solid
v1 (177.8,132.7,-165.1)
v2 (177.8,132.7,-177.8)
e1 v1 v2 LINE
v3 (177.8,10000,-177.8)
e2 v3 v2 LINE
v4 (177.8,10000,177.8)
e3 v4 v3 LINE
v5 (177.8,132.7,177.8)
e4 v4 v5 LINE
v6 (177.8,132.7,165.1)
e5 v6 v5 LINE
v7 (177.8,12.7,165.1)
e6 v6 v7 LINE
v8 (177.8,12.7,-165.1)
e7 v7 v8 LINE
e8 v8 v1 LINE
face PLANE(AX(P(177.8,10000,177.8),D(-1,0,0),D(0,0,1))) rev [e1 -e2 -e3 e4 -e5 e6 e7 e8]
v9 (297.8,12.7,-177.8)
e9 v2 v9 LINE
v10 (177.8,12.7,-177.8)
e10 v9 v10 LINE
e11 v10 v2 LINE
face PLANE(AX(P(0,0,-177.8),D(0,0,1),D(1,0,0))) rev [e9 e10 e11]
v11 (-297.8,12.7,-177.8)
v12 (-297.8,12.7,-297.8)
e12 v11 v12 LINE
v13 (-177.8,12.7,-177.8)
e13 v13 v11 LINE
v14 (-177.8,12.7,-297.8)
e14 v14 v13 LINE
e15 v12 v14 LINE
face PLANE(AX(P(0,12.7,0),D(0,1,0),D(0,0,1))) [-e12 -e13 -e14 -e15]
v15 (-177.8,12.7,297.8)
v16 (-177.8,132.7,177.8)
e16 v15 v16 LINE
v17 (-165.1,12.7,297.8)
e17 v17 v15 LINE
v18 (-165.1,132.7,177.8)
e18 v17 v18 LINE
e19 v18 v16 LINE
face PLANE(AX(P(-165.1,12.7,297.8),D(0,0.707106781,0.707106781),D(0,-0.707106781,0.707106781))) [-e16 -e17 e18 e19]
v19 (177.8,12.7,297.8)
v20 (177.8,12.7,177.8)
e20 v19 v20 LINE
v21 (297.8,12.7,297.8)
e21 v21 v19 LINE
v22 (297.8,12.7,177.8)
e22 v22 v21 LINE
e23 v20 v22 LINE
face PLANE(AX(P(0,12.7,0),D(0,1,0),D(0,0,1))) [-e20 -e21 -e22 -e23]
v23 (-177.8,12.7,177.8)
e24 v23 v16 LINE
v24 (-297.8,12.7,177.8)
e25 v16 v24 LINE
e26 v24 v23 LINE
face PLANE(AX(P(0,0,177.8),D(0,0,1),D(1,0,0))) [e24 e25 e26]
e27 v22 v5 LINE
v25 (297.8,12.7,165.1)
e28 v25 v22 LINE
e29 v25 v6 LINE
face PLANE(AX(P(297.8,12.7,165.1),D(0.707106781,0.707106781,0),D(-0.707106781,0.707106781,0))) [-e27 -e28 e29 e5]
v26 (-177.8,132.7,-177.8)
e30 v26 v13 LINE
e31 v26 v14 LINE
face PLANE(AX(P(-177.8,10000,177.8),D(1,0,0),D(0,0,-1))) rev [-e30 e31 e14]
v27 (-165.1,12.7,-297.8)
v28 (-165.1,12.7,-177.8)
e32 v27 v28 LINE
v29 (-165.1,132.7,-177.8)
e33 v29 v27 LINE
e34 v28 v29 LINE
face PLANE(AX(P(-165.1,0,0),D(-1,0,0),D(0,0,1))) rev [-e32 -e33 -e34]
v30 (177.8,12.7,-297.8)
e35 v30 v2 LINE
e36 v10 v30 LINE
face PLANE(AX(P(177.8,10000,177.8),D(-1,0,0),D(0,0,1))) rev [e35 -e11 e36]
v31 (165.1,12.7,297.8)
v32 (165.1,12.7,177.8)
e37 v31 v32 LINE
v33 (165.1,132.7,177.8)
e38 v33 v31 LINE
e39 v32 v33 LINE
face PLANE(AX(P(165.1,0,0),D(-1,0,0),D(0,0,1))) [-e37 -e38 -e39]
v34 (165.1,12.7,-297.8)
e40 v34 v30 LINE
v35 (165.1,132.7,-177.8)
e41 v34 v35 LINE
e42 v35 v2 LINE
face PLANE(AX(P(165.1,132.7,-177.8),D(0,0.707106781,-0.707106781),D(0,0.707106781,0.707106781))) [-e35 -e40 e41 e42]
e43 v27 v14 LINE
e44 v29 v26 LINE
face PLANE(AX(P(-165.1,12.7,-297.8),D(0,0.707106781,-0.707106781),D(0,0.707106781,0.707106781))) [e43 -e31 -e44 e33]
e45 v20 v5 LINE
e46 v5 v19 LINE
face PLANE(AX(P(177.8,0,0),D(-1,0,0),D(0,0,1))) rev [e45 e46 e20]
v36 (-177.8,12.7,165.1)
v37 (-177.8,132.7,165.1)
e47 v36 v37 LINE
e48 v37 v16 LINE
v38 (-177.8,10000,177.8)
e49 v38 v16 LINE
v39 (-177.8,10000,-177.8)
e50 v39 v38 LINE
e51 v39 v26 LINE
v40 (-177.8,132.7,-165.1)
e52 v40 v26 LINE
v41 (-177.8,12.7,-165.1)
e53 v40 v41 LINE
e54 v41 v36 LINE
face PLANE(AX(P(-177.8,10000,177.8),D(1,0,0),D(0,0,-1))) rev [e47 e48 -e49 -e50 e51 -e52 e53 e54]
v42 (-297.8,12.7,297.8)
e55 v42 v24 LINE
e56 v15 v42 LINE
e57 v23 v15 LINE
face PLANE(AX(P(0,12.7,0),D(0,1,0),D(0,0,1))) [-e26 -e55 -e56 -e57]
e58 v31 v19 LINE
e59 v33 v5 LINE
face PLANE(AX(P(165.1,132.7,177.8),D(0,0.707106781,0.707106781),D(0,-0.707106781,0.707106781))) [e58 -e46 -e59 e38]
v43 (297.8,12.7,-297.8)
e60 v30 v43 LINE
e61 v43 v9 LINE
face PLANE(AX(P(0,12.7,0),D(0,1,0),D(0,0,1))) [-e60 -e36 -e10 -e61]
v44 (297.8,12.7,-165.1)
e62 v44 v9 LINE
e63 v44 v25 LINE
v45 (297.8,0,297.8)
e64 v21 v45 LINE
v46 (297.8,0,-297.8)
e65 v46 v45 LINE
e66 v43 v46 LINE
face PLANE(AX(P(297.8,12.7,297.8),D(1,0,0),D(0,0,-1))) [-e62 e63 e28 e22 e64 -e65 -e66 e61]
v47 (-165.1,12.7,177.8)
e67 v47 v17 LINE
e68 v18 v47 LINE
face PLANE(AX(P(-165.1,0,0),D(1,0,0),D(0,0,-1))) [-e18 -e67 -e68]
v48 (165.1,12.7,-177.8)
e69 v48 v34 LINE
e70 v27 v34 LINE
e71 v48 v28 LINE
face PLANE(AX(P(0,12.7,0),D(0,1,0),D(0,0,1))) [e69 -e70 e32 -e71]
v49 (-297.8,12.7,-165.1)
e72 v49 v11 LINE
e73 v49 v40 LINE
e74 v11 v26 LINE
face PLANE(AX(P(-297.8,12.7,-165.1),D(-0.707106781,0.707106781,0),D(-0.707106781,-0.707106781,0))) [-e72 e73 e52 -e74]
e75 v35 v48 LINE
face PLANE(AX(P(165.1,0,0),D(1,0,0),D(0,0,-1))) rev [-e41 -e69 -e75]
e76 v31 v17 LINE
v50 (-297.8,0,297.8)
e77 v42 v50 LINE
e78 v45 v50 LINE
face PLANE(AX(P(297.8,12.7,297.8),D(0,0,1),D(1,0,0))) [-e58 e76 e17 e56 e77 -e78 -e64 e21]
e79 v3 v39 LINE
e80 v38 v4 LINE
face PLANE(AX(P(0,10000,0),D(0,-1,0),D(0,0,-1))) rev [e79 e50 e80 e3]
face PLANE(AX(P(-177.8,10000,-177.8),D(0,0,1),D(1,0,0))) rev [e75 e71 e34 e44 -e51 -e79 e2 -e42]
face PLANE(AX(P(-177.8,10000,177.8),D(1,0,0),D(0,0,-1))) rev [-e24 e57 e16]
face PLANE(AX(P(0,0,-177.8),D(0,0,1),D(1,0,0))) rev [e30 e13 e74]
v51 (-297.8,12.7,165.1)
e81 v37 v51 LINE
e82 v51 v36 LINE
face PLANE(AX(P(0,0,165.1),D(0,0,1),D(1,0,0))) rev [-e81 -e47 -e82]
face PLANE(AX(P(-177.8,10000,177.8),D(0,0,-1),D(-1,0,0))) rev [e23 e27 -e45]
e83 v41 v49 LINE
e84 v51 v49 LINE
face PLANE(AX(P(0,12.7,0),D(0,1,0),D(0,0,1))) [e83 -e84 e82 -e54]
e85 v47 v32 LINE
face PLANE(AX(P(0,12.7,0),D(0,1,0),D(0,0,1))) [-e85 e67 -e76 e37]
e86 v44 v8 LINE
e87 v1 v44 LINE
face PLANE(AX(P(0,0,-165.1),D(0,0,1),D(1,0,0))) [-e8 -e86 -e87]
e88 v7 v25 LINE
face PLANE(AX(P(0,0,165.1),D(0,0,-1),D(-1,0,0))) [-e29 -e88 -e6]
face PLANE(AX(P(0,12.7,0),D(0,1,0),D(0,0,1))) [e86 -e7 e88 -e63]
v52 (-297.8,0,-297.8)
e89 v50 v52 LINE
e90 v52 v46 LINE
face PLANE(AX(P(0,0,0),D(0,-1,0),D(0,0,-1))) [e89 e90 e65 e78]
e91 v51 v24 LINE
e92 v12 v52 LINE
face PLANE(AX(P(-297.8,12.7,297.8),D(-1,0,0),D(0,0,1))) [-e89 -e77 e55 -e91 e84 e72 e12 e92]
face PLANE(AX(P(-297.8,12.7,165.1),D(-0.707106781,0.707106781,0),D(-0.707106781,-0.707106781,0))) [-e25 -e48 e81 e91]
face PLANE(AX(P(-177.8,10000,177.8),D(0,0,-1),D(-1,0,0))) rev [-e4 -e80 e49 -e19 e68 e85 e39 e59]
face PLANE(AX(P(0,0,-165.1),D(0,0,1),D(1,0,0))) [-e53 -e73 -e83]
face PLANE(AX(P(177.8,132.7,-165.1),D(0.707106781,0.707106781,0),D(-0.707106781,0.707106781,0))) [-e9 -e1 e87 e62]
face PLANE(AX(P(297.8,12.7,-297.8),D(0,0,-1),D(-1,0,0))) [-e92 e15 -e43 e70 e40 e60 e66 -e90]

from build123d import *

# Parameters (mm, degrees)
CROQUIS1_W               = 355.6
CROQUIS1_H               = 355.6
SALIENTE_EXTRUIR1_DEPTH  = 10000
CROQUIS2_W               = 595.6
CROQUIS2_H               = 595.6
SALIENTE_EXTRUIR2_DEPTH  = 12.7
SALIENTE_EXTRUIR3_DEPTH  = 12.7
SALIENTE_EXTRUIR4_DEPTH  = 12.7
SALIENTE_EXTRUIR5_DEPTH  = 12.7
SALIENTE_EXTRUIR6_DEPTH  = 12.7
SALIENTE_EXTRUIR7_DEPTH  = 12.7
SALIENTE_EXTRUIR8_DEPTH  = 12.7
SALIENTE_EXTRUIR9_DEPTH  = 12.7
SALIENTE_EXTRUIR10_DEPTH = 12.7


with BuildPart() as part:
    # Croquis1 → Saliente-Extruir1 (new body)
    with BuildSketch(Plane(origin=(0, 0, 0), x_dir=(1, 0, 0), z_dir=(0, 1, 0))):
        Rectangle(CROQUIS1_W, CROQUIS1_H)
    extrude(amount=SALIENTE_EXTRUIR1_DEPTH)

    # Croquis2 → Saliente-Extruir2 (add)
    with BuildSketch(Plane.XZ):
        Rectangle(CROQUIS2_W, CROQUIS2_H)
    extrude(amount=-SALIENTE_EXTRUIR2_DEPTH)

    # Croquis3 → Saliente-Extruir3 (add)
    with BuildSketch(Plane.ZY.offset(177.8)):
        Polygon((-297.8, 12.7), (-177.8, 132.7), (-177.8, 12.7), align=None)
    extrude(amount=-SALIENTE_EXTRUIR3_DEPTH)

    # Croquis4 → Saliente-Extruir4 (add)
    with BuildSketch(Plane(origin=(177.8, 0, 0), x_dir=(0, 0, -1), z_dir=(1, 0, 0))):
        Polygon((177.8, 132.7), (297.8, 12.7), (177.8, 12.7), align=None)
    extrude(amount=-SALIENTE_EXTRUIR4_DEPTH)

    # Croquis5 → Saliente-Extruir5 (add)
    with BuildSketch(Plane.XY.offset(177.8)):
        Polygon((297.8, 12.7), (177.8, 132.7), (177.8, 12.7), align=None)
    extrude(amount=-SALIENTE_EXTRUIR5_DEPTH)

    # Croquis6 → Saliente-Extruir6 (add)
    with BuildSketch(Plane(origin=(0, 0, -177.8), x_dir=(-1, 0, 0), z_dir=(0, 0, -1))):
        Polygon((-177.8, 132.7), (-297.8, 12.7), (-177.8, 12.7), align=None)
    extrude(amount=-SALIENTE_EXTRUIR6_DEPTH)

    # Croquis7 → Saliente-Extruir7 (add)
    with BuildSketch(Plane.ZY.offset(177.8)):
        Polygon((297.8, 12.7), (177.8, 132.7), (177.8, 12.7), align=None)
    extrude(amount=-SALIENTE_EXTRUIR7_DEPTH)

    # Croquis8 → Saliente-Extruir8 (add)
    with BuildSketch(Plane(origin=(177.8, 0, 0), x_dir=(0, 0, -1), z_dir=(1, 0, 0))):
        Polygon((-177.8, 132.7), (-297.8, 12.7), (-177.8, 12.7), align=None)
    extrude(amount=-SALIENTE_EXTRUIR8_DEPTH)

    # Croquis9 → Saliente-Extruir9 (add)
    with BuildSketch(Plane(origin=(0, 0, -177.8), x_dir=(-1, 0, 0), z_dir=(0, 0, -1))):
        Polygon((297.8, 12.7), (177.8, 132.7), (177.8, 12.7), align=None)
    extrude(amount=-SALIENTE_EXTRUIR9_DEPTH)

    # Croquis10 → Saliente-Extruir10 (add)
    with BuildSketch(Plane.XY.offset(177.8)):
        Polygon((-297.8, 12.7), (-177.8, 132.7), (-177.8, 12.7), align=None)
    extrude(amount=-SALIENTE_EXTRUIR10_DEPTH)


solid = part.part
